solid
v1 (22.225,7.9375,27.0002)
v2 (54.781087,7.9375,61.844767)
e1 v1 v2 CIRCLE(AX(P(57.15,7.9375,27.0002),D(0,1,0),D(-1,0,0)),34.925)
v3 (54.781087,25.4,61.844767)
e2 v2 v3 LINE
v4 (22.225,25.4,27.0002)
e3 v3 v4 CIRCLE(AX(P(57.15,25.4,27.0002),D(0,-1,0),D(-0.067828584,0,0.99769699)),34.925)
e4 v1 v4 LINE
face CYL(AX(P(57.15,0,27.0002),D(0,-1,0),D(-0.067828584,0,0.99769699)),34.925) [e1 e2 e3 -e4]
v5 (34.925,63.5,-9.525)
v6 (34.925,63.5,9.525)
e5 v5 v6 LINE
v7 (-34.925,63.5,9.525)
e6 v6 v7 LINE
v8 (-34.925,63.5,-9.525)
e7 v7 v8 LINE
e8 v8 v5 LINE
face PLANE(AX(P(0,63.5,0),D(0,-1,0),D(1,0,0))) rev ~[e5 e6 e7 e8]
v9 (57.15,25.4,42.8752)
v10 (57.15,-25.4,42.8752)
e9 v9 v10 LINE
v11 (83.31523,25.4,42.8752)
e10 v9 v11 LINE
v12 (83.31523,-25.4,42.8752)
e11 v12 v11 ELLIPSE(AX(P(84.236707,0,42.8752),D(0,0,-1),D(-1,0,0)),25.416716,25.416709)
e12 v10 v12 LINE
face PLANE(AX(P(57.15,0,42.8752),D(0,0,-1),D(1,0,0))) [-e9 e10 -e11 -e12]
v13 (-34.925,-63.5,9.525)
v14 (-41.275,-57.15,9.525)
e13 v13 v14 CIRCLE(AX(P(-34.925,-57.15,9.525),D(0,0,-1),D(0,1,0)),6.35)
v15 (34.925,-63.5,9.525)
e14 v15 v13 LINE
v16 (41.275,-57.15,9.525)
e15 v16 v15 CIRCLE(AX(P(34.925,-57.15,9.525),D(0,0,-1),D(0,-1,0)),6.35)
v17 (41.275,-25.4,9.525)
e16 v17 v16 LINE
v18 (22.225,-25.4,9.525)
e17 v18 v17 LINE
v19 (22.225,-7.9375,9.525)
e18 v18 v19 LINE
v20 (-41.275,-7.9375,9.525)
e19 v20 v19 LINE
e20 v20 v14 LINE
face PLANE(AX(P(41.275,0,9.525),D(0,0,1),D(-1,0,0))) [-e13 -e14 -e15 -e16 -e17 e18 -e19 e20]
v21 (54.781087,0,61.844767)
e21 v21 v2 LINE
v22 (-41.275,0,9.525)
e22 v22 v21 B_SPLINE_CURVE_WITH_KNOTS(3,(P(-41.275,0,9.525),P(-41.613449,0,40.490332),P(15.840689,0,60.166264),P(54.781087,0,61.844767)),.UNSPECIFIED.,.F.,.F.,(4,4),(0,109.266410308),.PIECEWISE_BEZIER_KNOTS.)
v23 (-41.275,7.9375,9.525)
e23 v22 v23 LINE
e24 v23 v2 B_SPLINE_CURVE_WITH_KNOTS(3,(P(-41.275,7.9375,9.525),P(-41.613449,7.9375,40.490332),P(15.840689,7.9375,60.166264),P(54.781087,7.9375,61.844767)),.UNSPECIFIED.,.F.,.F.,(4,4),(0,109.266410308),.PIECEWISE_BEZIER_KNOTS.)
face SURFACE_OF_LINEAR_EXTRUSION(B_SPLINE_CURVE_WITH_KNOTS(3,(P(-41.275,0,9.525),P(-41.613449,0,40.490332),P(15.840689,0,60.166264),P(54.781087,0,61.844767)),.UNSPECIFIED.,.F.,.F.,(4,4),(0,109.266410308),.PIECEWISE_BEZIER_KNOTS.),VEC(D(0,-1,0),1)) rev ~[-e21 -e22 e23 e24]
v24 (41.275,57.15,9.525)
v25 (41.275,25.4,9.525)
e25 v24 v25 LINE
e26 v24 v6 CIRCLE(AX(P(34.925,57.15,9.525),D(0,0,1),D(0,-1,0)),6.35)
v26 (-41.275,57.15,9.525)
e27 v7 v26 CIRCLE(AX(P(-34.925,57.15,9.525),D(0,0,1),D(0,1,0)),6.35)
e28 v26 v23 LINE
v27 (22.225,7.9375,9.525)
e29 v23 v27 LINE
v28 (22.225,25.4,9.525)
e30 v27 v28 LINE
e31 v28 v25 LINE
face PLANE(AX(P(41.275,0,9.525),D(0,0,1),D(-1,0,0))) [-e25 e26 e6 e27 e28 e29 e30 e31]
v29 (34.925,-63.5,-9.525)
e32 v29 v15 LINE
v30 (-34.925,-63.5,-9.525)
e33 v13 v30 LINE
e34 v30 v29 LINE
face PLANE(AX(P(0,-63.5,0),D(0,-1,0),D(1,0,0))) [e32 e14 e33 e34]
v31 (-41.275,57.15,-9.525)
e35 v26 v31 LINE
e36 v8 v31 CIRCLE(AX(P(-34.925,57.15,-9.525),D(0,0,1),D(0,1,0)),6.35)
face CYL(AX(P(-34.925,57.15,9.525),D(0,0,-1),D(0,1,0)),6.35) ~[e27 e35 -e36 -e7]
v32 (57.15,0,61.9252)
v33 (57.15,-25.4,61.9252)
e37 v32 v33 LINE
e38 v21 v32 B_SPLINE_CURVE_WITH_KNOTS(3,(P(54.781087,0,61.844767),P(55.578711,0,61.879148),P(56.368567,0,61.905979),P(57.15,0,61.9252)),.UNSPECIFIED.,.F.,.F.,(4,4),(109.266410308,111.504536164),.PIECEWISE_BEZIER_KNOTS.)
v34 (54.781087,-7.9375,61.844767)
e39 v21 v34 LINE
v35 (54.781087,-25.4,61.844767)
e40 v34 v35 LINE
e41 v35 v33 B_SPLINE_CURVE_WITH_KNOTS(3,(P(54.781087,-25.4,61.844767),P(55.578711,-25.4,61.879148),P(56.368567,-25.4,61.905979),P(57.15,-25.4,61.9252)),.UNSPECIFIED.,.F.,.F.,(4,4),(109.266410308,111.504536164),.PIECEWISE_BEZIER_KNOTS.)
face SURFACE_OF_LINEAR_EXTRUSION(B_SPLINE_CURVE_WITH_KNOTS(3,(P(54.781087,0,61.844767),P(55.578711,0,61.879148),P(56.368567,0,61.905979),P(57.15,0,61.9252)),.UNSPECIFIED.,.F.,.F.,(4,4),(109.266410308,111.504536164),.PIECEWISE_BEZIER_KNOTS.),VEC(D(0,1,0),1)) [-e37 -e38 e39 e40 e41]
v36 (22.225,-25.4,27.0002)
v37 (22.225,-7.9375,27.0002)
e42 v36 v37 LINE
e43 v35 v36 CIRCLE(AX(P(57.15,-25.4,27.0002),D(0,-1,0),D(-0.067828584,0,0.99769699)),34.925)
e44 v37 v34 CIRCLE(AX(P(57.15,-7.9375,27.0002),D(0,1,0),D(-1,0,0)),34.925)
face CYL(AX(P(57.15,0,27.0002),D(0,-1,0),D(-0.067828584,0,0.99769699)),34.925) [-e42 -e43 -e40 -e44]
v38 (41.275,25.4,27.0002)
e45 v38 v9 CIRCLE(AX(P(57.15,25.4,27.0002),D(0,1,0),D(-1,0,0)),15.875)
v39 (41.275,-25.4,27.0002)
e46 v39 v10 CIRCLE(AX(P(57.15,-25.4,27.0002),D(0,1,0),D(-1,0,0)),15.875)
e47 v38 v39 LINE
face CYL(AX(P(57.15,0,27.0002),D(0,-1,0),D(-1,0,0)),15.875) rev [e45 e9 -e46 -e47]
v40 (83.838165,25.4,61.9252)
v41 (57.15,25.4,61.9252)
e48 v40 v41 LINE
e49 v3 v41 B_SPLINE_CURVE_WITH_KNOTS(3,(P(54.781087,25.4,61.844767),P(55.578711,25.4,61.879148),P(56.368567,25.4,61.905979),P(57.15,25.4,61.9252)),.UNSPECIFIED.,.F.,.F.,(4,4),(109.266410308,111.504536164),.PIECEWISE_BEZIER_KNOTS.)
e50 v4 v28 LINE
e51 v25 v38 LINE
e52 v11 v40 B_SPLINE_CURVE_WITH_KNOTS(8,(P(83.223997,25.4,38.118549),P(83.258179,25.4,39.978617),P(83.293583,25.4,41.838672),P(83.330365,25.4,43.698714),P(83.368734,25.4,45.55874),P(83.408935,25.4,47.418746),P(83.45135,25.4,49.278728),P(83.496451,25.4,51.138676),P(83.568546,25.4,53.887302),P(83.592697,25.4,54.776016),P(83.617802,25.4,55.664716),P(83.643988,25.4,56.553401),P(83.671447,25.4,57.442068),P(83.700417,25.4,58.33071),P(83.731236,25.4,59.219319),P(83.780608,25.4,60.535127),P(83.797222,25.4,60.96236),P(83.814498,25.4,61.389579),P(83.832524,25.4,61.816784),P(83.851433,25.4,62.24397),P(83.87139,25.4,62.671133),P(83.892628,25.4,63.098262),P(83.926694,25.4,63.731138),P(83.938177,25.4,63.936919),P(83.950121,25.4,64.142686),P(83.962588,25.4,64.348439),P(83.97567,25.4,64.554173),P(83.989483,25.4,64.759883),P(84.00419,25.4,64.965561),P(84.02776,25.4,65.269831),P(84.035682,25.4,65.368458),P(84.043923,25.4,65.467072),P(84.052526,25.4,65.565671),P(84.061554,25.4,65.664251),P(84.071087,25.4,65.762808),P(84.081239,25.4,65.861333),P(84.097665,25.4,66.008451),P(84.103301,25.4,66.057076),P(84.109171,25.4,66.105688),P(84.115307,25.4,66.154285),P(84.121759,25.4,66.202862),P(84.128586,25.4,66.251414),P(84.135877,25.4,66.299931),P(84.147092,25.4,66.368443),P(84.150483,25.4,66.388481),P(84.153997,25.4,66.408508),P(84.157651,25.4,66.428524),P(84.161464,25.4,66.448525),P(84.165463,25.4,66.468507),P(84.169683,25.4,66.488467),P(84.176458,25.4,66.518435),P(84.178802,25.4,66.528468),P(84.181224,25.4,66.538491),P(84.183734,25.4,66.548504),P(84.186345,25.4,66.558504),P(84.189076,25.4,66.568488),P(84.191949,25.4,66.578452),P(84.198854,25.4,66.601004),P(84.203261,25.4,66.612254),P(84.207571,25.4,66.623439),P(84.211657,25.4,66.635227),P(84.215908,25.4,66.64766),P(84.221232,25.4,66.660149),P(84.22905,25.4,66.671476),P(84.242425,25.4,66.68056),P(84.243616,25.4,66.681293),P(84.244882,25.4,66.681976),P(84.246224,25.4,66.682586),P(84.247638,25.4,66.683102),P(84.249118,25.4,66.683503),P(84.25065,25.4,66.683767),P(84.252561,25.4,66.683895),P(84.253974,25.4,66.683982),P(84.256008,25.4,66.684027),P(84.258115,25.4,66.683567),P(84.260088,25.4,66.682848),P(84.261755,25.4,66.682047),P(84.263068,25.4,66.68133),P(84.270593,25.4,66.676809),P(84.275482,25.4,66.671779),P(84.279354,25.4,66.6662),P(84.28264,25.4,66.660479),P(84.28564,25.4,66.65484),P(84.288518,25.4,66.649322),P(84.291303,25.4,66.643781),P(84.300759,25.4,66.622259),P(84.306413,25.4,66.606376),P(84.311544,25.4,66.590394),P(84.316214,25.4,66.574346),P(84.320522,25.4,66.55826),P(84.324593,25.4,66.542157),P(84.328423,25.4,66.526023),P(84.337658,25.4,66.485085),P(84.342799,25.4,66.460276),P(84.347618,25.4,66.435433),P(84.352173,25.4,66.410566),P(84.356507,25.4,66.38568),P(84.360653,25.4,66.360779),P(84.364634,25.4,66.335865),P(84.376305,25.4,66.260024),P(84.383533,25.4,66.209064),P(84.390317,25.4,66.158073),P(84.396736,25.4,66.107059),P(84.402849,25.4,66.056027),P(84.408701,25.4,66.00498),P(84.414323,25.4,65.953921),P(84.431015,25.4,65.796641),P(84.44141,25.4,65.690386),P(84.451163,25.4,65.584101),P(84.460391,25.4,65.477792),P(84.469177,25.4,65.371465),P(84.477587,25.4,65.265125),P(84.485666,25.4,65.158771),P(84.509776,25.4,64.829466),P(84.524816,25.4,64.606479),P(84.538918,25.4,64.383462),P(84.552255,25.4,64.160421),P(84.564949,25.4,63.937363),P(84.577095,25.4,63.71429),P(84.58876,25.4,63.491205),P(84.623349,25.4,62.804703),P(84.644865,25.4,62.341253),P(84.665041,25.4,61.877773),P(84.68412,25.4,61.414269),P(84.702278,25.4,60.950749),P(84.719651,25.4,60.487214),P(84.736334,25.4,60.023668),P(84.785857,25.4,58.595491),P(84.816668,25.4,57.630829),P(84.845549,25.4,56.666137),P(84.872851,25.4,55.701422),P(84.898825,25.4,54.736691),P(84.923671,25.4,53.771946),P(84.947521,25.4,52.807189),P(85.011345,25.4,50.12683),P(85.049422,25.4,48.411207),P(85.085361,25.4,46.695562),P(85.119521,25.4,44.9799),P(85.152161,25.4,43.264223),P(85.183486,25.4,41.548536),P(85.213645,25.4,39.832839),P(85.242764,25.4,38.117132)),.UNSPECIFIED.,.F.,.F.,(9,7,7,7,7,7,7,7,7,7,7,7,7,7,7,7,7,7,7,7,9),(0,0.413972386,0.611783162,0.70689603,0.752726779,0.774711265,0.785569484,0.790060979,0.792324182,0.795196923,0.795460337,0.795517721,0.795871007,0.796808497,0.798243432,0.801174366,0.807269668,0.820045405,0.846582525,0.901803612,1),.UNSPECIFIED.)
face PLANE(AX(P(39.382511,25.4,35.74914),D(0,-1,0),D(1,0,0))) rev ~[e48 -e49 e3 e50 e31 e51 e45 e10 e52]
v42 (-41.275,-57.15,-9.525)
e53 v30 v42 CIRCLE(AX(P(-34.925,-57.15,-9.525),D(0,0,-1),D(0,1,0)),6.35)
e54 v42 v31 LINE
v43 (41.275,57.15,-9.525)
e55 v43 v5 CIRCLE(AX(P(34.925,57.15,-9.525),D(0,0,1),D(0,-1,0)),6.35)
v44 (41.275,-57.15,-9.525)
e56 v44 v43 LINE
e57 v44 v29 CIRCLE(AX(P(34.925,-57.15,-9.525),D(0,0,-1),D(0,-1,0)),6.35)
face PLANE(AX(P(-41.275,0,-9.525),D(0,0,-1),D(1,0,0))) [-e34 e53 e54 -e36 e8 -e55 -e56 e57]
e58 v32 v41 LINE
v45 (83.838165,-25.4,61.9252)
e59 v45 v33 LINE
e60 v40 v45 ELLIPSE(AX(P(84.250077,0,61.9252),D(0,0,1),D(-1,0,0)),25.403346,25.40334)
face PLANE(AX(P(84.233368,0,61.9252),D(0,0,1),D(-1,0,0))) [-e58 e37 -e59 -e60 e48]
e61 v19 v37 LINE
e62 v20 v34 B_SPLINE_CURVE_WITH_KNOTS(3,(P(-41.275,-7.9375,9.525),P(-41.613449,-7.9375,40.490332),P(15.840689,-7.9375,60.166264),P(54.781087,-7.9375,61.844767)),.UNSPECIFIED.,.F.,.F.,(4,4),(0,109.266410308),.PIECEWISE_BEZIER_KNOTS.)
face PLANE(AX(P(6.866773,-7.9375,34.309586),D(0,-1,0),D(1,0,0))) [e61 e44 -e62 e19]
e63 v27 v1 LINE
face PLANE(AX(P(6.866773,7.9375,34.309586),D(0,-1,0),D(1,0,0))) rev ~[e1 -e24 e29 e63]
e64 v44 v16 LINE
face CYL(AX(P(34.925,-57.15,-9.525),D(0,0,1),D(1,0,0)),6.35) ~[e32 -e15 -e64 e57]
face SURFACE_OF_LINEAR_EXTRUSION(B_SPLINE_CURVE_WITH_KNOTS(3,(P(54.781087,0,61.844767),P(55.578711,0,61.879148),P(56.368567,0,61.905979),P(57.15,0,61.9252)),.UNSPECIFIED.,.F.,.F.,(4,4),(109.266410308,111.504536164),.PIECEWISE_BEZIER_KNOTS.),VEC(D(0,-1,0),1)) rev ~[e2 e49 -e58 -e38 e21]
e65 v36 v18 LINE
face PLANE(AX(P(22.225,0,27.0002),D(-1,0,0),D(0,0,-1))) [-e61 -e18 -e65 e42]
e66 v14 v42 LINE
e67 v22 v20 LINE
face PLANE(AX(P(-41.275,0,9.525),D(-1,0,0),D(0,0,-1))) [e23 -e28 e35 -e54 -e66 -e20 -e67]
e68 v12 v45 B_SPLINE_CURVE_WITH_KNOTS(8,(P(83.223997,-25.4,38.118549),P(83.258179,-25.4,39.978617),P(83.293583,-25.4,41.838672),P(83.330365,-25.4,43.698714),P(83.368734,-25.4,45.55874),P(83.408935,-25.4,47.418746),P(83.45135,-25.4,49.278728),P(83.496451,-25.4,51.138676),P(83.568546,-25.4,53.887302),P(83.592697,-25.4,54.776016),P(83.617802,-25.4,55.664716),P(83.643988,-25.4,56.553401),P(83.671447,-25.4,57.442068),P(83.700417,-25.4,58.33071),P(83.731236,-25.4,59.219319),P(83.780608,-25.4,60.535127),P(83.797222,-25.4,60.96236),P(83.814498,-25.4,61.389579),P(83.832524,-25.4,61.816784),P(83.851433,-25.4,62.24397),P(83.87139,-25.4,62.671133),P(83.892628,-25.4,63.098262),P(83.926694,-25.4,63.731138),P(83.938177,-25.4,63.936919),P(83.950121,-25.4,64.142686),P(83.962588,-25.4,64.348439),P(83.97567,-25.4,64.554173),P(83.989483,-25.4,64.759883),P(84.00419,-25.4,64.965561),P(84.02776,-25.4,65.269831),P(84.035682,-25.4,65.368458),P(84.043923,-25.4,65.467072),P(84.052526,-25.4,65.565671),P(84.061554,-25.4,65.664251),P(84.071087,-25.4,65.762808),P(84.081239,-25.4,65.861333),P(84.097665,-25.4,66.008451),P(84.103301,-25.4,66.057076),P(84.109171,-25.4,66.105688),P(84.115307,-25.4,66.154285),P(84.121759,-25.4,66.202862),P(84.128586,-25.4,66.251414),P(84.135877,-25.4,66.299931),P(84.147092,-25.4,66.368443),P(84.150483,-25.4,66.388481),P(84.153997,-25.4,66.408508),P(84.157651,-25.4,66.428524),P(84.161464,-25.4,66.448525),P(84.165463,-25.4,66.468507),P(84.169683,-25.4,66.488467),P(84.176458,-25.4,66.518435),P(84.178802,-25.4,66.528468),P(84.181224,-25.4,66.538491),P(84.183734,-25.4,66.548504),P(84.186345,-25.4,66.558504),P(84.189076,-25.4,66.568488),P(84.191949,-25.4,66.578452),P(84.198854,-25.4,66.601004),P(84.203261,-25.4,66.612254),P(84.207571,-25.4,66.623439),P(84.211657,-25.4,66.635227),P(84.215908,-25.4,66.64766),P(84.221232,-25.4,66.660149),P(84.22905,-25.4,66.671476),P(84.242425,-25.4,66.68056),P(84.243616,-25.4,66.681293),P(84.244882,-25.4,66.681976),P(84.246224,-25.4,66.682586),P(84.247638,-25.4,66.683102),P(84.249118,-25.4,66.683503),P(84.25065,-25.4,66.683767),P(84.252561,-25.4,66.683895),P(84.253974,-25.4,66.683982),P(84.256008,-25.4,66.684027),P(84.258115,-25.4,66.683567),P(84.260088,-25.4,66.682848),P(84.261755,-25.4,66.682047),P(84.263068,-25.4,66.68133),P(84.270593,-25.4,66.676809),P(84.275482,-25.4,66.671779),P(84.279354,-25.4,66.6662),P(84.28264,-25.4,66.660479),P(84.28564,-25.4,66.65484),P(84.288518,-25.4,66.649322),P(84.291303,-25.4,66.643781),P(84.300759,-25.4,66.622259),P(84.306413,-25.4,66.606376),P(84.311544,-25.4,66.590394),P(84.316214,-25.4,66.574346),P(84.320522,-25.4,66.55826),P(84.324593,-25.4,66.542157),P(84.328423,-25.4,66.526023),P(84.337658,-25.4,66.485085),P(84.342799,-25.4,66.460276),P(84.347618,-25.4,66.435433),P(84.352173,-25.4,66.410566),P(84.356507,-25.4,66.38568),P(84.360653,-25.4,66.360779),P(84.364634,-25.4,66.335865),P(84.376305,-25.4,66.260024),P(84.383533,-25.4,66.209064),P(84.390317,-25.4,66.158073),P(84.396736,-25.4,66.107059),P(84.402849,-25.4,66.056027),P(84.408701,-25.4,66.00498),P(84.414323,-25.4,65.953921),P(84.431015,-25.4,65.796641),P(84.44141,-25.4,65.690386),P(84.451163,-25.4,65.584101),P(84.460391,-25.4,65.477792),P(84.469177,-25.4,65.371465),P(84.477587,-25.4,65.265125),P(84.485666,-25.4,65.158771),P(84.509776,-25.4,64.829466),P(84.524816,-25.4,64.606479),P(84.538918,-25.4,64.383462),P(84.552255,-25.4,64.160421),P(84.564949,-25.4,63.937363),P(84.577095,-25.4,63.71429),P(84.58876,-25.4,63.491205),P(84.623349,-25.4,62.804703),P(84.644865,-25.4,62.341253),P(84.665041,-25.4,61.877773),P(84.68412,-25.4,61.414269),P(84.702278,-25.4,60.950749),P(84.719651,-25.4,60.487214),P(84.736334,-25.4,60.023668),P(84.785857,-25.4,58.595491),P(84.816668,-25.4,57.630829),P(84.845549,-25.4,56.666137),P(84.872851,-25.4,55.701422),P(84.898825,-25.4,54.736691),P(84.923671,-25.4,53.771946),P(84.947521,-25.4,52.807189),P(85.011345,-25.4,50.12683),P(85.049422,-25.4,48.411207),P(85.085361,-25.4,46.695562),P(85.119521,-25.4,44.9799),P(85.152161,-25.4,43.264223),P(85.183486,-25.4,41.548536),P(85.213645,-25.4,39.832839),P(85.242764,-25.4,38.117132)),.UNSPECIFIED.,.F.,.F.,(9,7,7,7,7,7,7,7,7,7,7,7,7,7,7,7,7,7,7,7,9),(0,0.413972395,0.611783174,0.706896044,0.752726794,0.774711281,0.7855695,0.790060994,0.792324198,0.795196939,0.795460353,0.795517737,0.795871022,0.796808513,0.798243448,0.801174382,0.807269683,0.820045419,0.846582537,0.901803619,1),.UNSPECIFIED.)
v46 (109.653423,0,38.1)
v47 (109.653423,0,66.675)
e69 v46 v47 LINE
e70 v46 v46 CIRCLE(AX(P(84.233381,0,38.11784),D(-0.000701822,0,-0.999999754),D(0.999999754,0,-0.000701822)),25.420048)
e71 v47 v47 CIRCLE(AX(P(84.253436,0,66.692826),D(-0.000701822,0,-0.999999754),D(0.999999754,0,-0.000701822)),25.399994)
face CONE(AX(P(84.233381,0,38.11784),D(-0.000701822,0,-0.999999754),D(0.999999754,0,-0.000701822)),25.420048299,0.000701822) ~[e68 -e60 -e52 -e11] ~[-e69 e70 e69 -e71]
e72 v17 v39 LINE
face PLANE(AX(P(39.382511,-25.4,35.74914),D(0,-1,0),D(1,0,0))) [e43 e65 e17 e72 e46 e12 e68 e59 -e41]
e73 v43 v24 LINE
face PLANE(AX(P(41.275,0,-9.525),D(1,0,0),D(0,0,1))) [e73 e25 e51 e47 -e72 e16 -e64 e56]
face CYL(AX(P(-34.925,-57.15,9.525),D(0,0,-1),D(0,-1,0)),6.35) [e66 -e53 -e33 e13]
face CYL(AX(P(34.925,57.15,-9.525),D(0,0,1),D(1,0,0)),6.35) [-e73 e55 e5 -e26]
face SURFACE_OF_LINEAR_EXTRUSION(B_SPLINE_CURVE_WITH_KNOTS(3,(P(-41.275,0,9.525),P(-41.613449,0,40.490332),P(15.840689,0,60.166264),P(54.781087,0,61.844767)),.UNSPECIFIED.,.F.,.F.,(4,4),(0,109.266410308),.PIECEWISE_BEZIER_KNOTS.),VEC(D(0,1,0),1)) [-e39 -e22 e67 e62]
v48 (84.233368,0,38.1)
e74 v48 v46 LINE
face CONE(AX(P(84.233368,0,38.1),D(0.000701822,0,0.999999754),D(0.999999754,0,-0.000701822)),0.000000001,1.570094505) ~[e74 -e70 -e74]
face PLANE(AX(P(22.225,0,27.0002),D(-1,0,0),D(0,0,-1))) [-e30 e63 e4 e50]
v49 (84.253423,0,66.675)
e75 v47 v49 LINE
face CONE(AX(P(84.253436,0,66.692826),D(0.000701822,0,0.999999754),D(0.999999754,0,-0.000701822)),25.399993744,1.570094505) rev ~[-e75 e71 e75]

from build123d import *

# Parameters (mm, degrees)
F1_DEPTH = 63.5
F0_W     = 25.3799454411
F0_H     = 19.05
F2_DEPTH = 25.4
F3_DEPTH = 7.9375
F5_R     = 6.35


with BuildPart() as f1:
    # F0 (on Front) → F1 (new body, symmetric)
    with BuildSketch(Plane.XZ):
        Polygon((41.275, -9.525), (41.275, 9.525), (22.225, 9.525), (-41.275, 9.525), (-41.275, -9.525), align=None)
    extrude(amount=F1_DEPTH, both=True)

    # F0 (on Front) → F2 (join, symmetric)
    with BuildSketch(Plane.XZ):
        with BuildLine():
            Line((22.225, 9.525), (41.275, 9.525))
            Line((41.275, 9.525), (41.275, 27.0002))
            ThreePointArc((41.275, 27.0002), (45.9246798487, 38.2255201513), (57.15, 42.8752))
            Line((57.15, 42.8752), (58.853423, 42.8752))
            Line((58.853423, 42.8752), (58.853423, 61.9252))
            Line((58.853423, 61.9252), (57.15, 61.9252))
            add(Edge.make_bspline(
                [(54.7810867094, 61.8447673645), (55.5787107168, 61.8791484879), (56.3685670715, 61.9059785826), (57.15, 61.9252)],
                knots=[109.2664103078, 109.2664103078, 109.2664103078, 109.2664103078, 111.5045361635, 111.5045361635, 111.5045361635, 111.5045361635], degree=3))
            ThreePointArc((54.7810867094, 61.8447673645), (31.6304984211, 50.8436616648), (22.225, 27.0002))
            Line((22.225, 27.0002), (22.225, 9.525))
        make_face()
        with Locations((71.5433957206, 52.4002)):
            Rectangle(F0_W, F0_H)
    extrude(amount=F2_DEPTH, both=True)

    # F0 (on Front) → F3 (join, symmetric)
    with BuildSketch(Plane.XZ):
        with BuildLine():
            Line((-41.275, 9.525), (22.225, 9.525))
            Line((22.225, 9.525), (22.225, 27.0002))
            ThreePointArc((22.225, 27.0002), (31.6304984211, 50.8436616648), (54.7810867094, 61.8447673645))
            add(Edge.make_bspline(
                [(-41.275, 9.525), (-41.6134486644, 40.4903317988), (15.8406885003, 60.1662639324), (54.7810867094, 61.8447673645)],
                knots=[0, 0, 0, 0, 109.2664103078, 109.2664103078, 109.2664103078, 109.2664103078], degree=3))
        make_face()
    extrude(amount=F3_DEPTH, both=True)

    # F0 (on Front) → F4 (revolve)
    with BuildSketch(Plane.XZ):
        Polygon((84.253423, 66.675), (84.2333684411, 38.1), (109.653423, 38.1), (109.653423, 66.675), align=None)
    revolve(axis=Axis((84.2433957206, 0, 52.3875), (-0.0007018217, 0, -0.9999997537)))

    # F5
    f5_edges = [f1.edges().sort_by_distance(p)[0] for p in [
        (41.275, -63.5, 0),
        (41.275, 63.5, 0),
        (-41.275, 63.5, 0),
        (-41.275, -63.5, 0),
    ]]
    fillet(f5_edges, radius=F5_R)


solid = f1.part
